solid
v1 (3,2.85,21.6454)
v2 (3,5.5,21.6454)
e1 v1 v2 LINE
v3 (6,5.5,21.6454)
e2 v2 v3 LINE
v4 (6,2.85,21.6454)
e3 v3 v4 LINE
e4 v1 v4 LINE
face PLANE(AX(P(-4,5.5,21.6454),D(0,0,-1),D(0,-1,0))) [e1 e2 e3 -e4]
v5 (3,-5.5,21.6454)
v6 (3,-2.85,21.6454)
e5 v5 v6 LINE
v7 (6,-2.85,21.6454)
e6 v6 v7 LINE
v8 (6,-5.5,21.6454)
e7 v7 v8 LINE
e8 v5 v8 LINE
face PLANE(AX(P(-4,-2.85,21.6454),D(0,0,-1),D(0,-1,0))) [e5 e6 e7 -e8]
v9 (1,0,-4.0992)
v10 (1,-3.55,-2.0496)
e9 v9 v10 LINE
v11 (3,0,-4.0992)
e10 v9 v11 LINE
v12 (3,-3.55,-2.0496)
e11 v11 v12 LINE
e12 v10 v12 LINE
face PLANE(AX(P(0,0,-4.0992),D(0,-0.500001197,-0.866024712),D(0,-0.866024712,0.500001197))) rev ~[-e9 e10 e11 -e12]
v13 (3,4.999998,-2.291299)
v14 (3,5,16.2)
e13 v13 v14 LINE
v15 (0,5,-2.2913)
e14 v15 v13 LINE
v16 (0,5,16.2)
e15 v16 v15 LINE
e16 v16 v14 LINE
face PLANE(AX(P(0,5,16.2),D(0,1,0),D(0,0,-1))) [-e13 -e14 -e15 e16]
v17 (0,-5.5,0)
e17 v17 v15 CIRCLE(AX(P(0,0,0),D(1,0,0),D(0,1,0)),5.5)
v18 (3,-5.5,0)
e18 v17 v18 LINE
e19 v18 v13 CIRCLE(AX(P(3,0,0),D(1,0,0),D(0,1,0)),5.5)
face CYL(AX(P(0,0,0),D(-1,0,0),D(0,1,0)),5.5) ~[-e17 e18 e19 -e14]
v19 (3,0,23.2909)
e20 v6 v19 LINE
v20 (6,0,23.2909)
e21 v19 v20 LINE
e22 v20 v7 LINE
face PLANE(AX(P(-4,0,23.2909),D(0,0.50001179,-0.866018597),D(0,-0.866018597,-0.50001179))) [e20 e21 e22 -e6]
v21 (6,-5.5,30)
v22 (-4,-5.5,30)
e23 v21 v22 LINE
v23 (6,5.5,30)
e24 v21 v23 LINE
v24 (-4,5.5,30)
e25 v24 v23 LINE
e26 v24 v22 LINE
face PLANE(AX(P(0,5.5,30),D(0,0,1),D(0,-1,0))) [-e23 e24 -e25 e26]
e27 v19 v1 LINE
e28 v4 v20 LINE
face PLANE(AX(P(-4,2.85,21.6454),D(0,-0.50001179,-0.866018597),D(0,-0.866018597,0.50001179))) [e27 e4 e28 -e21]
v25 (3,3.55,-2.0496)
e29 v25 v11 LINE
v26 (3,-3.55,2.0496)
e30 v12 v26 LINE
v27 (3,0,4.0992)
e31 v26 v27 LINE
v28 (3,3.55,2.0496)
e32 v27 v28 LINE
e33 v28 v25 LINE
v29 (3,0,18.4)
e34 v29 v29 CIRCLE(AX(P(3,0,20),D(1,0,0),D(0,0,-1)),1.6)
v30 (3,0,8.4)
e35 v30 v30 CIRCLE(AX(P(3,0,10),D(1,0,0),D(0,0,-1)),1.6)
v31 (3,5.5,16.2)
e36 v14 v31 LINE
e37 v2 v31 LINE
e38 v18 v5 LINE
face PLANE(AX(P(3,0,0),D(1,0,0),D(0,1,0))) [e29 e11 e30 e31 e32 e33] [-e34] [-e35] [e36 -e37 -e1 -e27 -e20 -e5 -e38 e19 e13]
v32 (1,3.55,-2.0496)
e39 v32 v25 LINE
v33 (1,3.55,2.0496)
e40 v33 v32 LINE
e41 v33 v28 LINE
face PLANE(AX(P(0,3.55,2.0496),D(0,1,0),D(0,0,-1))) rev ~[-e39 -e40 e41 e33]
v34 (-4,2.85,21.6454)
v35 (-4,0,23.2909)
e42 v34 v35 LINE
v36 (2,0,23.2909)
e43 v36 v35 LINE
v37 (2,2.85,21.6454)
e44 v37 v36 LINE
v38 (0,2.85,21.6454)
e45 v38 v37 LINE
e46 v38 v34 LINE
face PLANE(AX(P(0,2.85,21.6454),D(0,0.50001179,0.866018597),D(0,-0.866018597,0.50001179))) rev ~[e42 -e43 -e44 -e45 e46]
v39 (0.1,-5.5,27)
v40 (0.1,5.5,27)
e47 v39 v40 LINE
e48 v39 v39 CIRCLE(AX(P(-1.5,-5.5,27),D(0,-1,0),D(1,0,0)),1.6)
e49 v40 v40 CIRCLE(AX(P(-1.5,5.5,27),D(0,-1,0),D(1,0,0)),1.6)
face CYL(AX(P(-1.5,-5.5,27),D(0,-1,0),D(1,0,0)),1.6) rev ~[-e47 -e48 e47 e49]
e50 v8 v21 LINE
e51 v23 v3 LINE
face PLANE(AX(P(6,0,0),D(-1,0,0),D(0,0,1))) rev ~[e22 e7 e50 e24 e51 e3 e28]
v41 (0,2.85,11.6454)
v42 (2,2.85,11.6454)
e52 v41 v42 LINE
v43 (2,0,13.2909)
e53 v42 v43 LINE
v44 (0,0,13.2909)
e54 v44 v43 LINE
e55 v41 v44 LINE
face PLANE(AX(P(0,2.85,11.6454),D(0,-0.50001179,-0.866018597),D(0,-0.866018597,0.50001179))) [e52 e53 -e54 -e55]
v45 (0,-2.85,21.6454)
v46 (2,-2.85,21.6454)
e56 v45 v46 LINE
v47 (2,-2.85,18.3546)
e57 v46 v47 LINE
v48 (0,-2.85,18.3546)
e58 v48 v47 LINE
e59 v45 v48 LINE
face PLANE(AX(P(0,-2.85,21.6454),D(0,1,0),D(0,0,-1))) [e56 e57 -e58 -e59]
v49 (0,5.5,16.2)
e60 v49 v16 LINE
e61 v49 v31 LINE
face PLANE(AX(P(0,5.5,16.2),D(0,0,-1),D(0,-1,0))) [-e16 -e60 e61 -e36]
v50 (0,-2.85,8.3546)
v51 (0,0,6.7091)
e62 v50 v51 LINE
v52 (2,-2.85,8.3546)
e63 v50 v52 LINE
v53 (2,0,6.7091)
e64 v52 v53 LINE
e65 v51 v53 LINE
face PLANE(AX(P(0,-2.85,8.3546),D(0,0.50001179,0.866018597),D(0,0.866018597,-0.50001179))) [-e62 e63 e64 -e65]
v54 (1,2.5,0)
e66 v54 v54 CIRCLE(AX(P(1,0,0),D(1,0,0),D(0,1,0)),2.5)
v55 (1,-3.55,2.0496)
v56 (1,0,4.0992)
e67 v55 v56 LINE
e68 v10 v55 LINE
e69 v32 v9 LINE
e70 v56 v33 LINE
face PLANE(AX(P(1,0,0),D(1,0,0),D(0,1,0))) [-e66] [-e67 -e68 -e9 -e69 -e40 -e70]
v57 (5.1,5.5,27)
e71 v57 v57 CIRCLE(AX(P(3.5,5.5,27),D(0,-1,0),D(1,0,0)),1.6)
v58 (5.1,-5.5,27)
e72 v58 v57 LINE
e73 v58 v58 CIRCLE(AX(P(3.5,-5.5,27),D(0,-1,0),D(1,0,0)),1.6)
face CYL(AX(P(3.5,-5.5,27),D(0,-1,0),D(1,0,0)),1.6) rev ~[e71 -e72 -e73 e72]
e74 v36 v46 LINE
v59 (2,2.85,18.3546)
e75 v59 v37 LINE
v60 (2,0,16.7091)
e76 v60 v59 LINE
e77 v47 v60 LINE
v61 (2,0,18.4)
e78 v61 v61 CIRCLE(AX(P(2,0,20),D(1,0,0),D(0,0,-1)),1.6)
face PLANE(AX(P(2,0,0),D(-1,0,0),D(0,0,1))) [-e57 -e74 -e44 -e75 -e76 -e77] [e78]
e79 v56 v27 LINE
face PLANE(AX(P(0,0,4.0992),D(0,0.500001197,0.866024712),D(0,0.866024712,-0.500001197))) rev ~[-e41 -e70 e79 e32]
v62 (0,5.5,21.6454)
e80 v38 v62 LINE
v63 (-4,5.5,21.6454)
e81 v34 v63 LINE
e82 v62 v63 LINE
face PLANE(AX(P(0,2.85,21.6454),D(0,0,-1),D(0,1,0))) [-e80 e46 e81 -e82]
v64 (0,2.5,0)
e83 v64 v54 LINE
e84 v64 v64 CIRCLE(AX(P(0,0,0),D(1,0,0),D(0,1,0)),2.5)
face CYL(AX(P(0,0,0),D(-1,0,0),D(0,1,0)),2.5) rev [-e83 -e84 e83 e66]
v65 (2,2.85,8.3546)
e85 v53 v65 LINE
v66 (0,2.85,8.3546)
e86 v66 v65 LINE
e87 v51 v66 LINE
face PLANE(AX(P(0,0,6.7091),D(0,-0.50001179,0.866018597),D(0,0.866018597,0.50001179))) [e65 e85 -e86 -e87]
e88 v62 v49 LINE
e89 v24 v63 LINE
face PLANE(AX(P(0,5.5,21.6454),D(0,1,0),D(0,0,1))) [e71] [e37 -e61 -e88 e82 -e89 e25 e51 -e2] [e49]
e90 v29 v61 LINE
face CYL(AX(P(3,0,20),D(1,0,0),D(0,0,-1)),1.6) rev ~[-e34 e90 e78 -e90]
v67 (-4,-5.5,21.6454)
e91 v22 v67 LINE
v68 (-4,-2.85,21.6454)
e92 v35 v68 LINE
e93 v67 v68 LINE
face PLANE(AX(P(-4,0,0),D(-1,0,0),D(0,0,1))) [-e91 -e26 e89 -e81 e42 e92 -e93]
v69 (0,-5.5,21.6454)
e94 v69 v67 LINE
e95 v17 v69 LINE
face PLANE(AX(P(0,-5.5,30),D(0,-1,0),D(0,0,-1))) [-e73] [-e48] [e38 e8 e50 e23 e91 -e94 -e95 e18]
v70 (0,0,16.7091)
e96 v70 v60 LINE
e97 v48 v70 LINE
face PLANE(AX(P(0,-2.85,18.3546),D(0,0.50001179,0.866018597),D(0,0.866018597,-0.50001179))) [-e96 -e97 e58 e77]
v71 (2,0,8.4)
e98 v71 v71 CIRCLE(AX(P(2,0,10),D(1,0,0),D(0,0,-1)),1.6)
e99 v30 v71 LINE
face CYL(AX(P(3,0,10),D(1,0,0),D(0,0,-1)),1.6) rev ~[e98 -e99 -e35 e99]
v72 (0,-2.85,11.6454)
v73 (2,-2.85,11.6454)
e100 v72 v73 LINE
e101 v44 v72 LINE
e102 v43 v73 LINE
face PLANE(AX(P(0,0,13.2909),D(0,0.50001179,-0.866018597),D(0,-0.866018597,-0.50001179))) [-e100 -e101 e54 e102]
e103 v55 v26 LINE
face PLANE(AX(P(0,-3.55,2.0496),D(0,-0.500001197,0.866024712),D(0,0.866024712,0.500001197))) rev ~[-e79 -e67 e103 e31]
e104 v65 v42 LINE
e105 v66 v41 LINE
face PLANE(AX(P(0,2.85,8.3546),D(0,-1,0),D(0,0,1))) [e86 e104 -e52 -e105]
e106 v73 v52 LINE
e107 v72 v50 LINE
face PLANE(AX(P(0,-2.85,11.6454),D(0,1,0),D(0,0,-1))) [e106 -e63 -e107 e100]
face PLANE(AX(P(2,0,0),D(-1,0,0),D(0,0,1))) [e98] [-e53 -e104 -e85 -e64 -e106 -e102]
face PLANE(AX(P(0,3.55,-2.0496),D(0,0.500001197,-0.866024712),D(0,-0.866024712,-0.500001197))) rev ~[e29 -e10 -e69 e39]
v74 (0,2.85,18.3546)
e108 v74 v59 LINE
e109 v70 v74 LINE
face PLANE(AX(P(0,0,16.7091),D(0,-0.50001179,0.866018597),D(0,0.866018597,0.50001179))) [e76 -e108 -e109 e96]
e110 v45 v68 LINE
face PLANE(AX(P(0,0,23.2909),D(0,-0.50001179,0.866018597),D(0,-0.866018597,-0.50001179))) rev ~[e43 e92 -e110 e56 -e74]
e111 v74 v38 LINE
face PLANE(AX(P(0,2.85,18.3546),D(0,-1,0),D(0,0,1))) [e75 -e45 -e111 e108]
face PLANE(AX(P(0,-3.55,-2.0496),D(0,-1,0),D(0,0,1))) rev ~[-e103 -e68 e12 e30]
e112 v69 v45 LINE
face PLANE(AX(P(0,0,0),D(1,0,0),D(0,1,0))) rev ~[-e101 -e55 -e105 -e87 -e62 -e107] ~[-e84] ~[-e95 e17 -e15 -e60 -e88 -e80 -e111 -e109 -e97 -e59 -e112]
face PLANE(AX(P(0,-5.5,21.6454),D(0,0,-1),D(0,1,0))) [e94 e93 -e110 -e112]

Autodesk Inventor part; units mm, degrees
ref_plane "YZ Plane" through (0, 0, 0) normal (1, 0, 0) x (0, 1, 0)
ref_plane "XZ Plane" through (0, 0, 0) normal (0, 1, 0) x (-1, 0, 0)
ref_plane "XY Plane" through (0, 0, 0) normal (0, 0, 1) x (1, 0, 0)
sketch "スケッチ1" plane through (0, 0, 0) normal (1, 0, 0) x (0, 1, 0)
  circle A0 centre (0, 0) radius 2.5
  line L0 (0, 4.0992) -> (3.55, 2.0496)
  line L1 (3.55, 2.0496) -> (3.55, -2.0496)
  line L2 (3.55, -2.0496) -> (0, -4.0992)
  line L3 (0, -4.0992) -> (-3.55, -2.0496)
  line L4 (-3.55, -2.0496) -> (-3.55, 2.0496)
  line L5 (-3.55, 2.0496) -> (0, 4.0992)
  circle A1 centre (0, 0) radius 5.5
  line L6 (5.5, 0) -> (-5.5, 0) construction
  line L7 (-5.5, 0) -> (-5.5, 30)
  line L8 (-5.5, 30) -> (5.5, 30)
  line L9 (5.5, 30) -> (5.5, 0)
  dimension "d2" = 11
  dimension "d0" = 5
  dimension "d1" = 7.1
  dimension "d3" = 30
extrude "押し出し1" add sketch "スケッチ1" along normal blind 3 contours A1 | A1 L7 L8 L9
extrude "押し出し2" add sketch "スケッチ1" along normal blind 1 contours L0 L1 L2 L3 L4 L5
sketch "スケッチ2" plane through (3, 0, 0) normal (1, 0, 0) x (0, 0, -1)
  circle A0 centre (-10, 0) radius 1.6
  circle A1 centre (-20, 0) radius 1.6
  point P0 (0, 0)
  dimension "d8" = 3.2
  dimension "d9" = 3.2
  dimension "d10" = 10
  dimension "d11" = 10
extrude "押し出し3" cut sketch "スケッチ2" against normal through all
sketch "スケッチ3" plane through (0, 0, 0) normal (-1, 0, 0) x (0, 0, 1)
  circle A0 centre (20, 0) radius 1.6 projected
  circle A1 centre (10, 0) radius 1.6 projected
  line L0 (21.6454, -2.85) -> (18.3546, -2.85)
  line L1 (18.3546, -2.85) -> (16.7091, 0)
  line L2 (16.7091, 0) -> (18.3546, 2.85)
  line L3 (18.3546, 2.85) -> (21.6454, 2.85)
  line L4 (21.6454, 2.85) -> (23.2909, 0)
  line L5 (23.2909, 0) -> (21.6454, -2.85)
  line L6 (11.6454, -2.85) -> (8.3546, -2.85)
  line L7 (8.3546, -2.85) -> (6.7091, 0)
  line L8 (6.7091, 0) -> (8.3546, 2.85)
  line L9 (8.3546, 2.85) -> (11.6454, 2.85)
  line L10 (11.6454, 2.85) -> (13.2909, 0)
  line L11 (13.2909, 0) -> (11.6454, -2.85)
  point P0 (0, 0)
  dimension "d14" = 5.7
extrude "押し出し4" cut sketch "スケッチ3" against normal blind 2
sketch "スケッチ4" plane through (0, 0, 0) normal (-1, 0, 0) x (0, 0, 1)
  line L0 (16.2, 5) -> (-2.2913, 5) projected
  line L1 (16.2, 5.5) -> (16.2, 5) projected
  arc A0 (21.2458, 6.2407) -> (21.5454, 6.0705) centre (23.8648, 10.5) ccw projected
  line L2 (21.5454, 6.0705) -> (16.2, 6.0705)
  line L3 (16.2, 6.0705) -> (16.2, 5.8705)
  line L4 (16.2, 5.8705) -> (21.5454, 5.8705)
  line L5 (21.5454, 5.8705) -> (21.5454, 6.0705)
  arc A1 (0, 5.5) -> (0, -5.5) centre (0, 0) ccw projected
  line L6 (0, 5.5) -> (30, 5.5) projected
  point P0 (30, 5.5)
  point P1 (16.2, 5.3)
  dimension "d17" = 0.2
extrude "押し出し5" cut sketch "スケッチ4" against normal through all
sketch "スケッチ5" plane through (0, 0, 0) normal (-1, 0, 0) x (0, 0, 1)
  line L0 (23.2909, 0) -> (21.6454, -2.85) projected
  line L1 (21.6454, 2.85) -> (23.2909, 0) projected
  line L2 (30, -5.5) -> (0, -5.5) projected
  line L3 (21.6454, -5.5) -> (21.6454, 5.5)
  line L4 (16.2, 5.5) -> (30, 5.5) projected
  line L5 (23.8648, 5.5) -> (23.8648, 5.3) projected
  line L6 (30, 5.5) -> (30, -5.5) projected
  line L7 (30, 5.5) -> (16.1, 5.5) projected
  point P0 (0, 0)
extrude "押し出し6" add sketch "スケッチ5" along normal blind 4 contours L1 L3 L4 L6 L2 L0
sketch "スケッチ7" plane through (-4, 0, 0) normal (-1, 0, 0) x (0, 0, 1)
  line L0 (30, 5.5) -> (21.6454, 5.5) projected
  line L1 (21.6454, 5.5) -> (21.6454, 2.85) projected
  line L2 (21.6454, 2.85) -> (23.2909, 0) projected
  line L3 (23.2909, 0) -> (21.6454, -2.85) projected
  line L4 (21.6454, -2.85) -> (21.6454, -5.5) projected
  line L5 (21.6454, -5.5) -> (30, -5.5) projected
  line L6 (30, -5.5) -> (30, 5.5) projected
  point P0 (0, 0)
extrude "押し出し7" add sketch "スケッチ7" against normal blind 10
sketch "スケッチ8" plane through (0, -5.5, 0) normal (0, -1, 0) x (1, 0, 0)
  circle A0 centre (3.5, 27) radius 1.6
  circle A1 centre (-1.5, 27) radius 1.6
  line L0 (6, 30) -> (6, 21.6454) projected
  line L1 (-4, 21.6454) -> (-4, 30) projected
  line L2 (-4, 30) -> (6, 30) projected
  point P0 (0, 0)
  dimension "d24" = 3.2
  dimension "d25" = 3.2
  dimension "d26" = 2.5
  dimension "d27" = 2.5
  dimension "d28" = 3
extrude "押し出し8" cut sketch "スケッチ8" against normal through all
equation "\"d11\" = d10"
equation "\"d27\" = d26"
properties part number "hand_finger_inside"
